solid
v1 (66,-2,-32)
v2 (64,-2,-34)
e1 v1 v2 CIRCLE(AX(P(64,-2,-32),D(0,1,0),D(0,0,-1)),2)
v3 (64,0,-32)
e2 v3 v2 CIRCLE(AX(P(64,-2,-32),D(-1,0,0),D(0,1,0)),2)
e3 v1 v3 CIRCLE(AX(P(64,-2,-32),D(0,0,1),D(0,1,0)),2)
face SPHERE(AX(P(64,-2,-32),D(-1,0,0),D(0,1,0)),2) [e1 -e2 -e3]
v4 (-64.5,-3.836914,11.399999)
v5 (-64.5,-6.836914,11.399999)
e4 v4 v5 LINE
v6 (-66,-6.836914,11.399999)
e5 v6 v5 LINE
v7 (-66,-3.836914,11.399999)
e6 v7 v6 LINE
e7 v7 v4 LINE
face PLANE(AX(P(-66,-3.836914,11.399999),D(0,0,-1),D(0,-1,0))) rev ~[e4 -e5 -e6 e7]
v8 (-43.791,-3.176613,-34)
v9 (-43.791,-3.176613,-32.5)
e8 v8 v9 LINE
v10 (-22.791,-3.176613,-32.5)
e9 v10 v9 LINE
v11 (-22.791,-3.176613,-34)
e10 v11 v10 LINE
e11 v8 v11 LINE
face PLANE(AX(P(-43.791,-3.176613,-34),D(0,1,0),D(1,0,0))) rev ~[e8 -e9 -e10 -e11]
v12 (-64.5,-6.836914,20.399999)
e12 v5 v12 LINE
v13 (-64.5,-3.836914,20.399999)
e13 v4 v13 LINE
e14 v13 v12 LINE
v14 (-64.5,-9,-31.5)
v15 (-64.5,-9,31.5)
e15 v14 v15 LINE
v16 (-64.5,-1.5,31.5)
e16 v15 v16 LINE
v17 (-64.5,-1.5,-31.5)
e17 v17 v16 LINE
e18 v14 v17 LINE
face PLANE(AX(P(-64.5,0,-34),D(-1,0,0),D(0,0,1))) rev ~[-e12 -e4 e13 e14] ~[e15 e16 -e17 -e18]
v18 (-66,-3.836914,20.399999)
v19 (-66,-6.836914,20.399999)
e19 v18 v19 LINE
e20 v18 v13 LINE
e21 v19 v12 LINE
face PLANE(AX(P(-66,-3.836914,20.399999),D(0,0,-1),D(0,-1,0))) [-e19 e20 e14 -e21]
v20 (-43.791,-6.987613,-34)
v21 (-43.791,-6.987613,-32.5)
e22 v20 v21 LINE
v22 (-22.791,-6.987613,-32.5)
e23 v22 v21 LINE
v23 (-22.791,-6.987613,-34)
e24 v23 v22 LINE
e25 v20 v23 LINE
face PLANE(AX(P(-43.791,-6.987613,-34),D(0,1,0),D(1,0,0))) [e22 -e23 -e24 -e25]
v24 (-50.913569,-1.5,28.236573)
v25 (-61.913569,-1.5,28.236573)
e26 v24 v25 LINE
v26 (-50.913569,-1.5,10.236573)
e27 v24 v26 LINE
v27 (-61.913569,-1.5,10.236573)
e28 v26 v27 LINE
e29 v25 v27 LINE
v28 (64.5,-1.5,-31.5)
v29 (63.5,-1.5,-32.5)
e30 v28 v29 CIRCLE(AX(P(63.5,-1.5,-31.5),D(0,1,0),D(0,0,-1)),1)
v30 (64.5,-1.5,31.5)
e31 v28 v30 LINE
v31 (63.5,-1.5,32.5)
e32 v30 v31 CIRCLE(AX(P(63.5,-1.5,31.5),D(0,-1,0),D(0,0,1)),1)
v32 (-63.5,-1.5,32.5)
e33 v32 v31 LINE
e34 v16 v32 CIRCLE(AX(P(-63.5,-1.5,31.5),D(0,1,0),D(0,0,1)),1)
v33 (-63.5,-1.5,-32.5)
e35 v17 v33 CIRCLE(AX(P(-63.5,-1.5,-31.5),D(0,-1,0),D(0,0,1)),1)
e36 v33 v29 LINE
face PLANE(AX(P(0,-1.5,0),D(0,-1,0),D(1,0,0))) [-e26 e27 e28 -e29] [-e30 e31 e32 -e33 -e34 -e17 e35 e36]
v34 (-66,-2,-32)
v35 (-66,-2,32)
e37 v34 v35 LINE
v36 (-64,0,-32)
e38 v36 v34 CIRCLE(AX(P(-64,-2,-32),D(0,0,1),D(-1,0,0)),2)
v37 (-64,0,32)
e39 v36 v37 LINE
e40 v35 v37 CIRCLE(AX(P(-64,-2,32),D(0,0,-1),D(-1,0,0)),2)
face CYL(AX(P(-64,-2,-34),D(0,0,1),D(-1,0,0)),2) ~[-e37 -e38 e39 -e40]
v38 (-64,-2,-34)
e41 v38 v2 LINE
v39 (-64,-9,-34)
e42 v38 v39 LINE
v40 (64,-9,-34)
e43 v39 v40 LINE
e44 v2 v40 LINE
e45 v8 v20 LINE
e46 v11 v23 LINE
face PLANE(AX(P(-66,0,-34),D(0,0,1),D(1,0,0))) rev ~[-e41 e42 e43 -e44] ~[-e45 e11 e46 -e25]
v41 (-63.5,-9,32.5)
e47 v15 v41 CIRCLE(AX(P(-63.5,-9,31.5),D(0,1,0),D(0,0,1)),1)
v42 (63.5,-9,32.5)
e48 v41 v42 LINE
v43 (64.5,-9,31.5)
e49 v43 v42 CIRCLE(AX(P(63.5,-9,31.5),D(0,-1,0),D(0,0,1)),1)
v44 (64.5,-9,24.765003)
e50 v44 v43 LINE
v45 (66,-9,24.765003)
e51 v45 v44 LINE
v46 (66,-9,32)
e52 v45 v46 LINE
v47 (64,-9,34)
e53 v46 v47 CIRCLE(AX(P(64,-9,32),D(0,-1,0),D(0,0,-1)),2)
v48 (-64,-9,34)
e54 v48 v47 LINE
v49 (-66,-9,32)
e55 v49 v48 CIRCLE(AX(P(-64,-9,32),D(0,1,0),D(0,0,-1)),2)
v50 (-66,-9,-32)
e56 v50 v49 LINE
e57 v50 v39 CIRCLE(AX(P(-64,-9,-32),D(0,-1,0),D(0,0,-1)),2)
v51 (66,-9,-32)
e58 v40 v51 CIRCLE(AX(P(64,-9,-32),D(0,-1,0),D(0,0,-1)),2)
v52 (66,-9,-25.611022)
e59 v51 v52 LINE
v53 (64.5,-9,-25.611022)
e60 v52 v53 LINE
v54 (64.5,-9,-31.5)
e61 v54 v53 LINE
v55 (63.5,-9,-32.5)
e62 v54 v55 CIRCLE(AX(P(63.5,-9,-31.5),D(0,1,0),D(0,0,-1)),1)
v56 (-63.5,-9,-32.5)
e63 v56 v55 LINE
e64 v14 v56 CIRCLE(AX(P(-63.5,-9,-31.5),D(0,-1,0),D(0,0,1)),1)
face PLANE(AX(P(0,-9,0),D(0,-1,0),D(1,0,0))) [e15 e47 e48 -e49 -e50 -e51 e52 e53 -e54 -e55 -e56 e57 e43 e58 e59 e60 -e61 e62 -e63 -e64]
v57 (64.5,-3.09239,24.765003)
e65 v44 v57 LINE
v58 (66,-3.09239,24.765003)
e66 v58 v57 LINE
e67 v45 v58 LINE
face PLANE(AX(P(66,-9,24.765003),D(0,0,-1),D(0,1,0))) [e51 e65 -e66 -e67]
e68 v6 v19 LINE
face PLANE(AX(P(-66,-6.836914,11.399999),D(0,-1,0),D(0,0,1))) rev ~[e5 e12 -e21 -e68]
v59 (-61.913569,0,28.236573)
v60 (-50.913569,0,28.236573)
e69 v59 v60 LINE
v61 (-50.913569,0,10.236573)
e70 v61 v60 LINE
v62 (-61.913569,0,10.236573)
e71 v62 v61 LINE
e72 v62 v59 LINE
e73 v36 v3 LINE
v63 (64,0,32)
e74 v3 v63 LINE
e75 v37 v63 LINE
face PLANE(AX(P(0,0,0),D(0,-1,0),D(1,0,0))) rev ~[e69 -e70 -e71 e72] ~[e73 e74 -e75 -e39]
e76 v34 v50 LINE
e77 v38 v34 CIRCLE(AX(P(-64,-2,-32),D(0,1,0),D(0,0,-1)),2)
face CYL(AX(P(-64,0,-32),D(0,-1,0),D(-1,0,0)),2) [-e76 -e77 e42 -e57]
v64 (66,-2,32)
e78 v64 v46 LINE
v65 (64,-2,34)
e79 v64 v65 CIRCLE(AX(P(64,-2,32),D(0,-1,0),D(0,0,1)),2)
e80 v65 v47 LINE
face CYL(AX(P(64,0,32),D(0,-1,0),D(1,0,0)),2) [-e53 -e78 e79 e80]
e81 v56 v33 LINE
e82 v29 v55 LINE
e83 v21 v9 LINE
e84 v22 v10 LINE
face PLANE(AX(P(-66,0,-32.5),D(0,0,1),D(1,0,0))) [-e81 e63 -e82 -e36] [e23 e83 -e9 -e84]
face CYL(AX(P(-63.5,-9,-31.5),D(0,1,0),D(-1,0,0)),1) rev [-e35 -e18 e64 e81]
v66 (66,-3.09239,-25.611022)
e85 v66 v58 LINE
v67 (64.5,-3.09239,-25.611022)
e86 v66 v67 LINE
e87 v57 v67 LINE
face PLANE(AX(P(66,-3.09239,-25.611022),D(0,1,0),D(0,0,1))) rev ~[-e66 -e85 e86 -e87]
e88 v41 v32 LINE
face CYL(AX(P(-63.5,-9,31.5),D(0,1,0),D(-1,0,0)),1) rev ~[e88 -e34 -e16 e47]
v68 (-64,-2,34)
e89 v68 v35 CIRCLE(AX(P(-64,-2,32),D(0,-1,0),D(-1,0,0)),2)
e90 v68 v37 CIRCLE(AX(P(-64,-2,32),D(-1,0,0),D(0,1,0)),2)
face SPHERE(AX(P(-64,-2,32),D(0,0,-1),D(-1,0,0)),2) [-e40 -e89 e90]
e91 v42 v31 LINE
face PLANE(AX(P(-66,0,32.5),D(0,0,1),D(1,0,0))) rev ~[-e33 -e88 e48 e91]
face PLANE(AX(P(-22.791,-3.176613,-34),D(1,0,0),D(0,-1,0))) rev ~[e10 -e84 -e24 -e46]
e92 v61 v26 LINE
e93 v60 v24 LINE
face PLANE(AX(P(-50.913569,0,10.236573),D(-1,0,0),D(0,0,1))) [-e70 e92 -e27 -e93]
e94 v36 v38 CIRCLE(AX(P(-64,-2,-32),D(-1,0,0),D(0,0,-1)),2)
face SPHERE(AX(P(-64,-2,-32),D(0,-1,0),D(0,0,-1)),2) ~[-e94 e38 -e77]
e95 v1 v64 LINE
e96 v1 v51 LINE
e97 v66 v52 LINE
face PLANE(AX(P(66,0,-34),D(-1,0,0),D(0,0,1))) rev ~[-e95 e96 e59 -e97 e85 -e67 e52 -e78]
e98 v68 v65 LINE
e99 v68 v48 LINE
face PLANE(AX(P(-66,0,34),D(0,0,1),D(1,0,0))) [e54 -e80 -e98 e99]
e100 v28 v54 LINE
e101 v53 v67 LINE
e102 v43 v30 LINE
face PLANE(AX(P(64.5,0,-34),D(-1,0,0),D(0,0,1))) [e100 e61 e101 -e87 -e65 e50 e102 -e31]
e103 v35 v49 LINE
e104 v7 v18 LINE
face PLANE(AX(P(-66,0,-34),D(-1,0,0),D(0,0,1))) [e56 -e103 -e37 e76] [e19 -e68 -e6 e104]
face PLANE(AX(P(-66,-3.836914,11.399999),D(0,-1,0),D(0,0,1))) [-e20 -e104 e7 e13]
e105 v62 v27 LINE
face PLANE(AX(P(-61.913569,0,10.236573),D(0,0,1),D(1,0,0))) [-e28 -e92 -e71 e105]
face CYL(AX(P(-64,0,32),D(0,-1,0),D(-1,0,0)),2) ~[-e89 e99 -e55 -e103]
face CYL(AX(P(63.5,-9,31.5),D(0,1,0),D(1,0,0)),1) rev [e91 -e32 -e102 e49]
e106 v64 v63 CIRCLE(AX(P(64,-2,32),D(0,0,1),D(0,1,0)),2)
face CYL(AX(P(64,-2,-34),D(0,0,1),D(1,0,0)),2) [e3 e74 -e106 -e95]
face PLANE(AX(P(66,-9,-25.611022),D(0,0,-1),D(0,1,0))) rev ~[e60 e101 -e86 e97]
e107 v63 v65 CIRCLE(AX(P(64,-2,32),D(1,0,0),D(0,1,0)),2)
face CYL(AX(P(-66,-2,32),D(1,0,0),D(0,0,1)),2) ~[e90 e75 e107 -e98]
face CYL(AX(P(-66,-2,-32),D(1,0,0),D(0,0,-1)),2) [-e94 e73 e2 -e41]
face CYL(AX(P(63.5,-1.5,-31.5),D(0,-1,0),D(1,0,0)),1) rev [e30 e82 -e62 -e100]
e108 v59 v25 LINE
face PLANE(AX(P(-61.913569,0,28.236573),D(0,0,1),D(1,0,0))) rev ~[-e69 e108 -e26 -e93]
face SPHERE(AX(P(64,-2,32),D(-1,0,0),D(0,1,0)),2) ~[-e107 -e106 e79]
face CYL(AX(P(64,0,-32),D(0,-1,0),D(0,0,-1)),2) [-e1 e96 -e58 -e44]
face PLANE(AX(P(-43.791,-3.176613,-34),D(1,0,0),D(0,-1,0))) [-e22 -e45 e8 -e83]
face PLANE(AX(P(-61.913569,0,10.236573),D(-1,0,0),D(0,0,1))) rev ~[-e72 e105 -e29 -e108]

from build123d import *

# Parameters (mm, degrees)
F0_W      = 132
F0_H      = 68
F1_DEPTH  = 9
F2_T      = -1.5
F3_R      = 2
F4_W      = 3
F4_H      = 9
F5_DEPTH  = 25
F6_W      = 21
F6_H      = 3.811
F7_DEPTH  = 25
F8_W      = 11
F8_H      = 18
F9_DEPTH  = 25
F10_W     = 4.2909509502
F10_H     = 50.3760259598
F11_DEPTH = 25
F10_W_2   = 1.6166590303
F12_DEPTH = 5
F13_R     = 1


with BuildPart() as f1:
    # F0 (on Front) → F1 (new body)
    with BuildSketch(Plane.XZ):
        Rectangle(F0_W, F0_H)
    extrude(amount=F1_DEPTH)

    # F2
    f2_openings = [f1.faces().sort_by_distance(p)[0] for p in [
        (0, -9, 0),
    ]]
    offset(amount=F2_T, openings=f2_openings)

    # F3
    f3_edges = [f1.edges().sort_by_distance(p)[0] for p in [
        (-66, -4.5, -34),
        (0, 0, -34),
        (-66, 0, 0),
        (-66, -4.5, 34),
        (0, 0, 34),
        (66, 0, 0),
        (66, -4.5, -34),
        (66, -4.5, 34),
    ]]
    fillet(f3_edges, radius=F3_R)

    # F4 (on face) → F5 (cut)
    with BuildSketch(Plane(origin=(-66, 0, 0), x_dir=(0, -1, 0), z_dir=(-1, 0, 0))):
        with Locations((5.3369137328, 15.8999992609)):
            Rectangle(F4_W, F4_H)
    extrude(amount=-F5_DEPTH, mode=Mode.SUBTRACT)

    # F6 (on face) → F7 (cut)
    with BuildSketch(Plane(origin=(0, 0, -34), x_dir=(1, 0, 0), z_dir=(0, 0, -1))):
        with Locations((-33.2909998, 5.0821127795)):
            Rectangle(F6_W, F6_H)
    extrude(amount=-F7_DEPTH, mode=Mode.SUBTRACT)

    # F8 (on face) → F9 (cut)
    with BuildSketch(Plane.XZ):
        with Locations((-56.4135685265, 19.2365734056)):
            Rectangle(F8_W, F8_H)
    extrude(amount=F9_DEPTH, mode=Mode.SUBTRACT)

    # F10 (on face) → F11 (cut)
    with BuildSketch(Plane.YZ.offset(66)):
        with Locations((-5.2378654946, -0.4230095074)):
            Rectangle(F10_W, F10_H)
    extrude(amount=-F11_DEPTH, mode=Mode.SUBTRACT)

    # F10 (on face) → F12 (cut)
    with BuildSketch(Plane.YZ.offset(66)):
        with Locations((-8.1916704848, -0.4230095074)):
            Rectangle(F10_W_2, F10_H)
    extrude(amount=-F12_DEPTH, mode=Mode.SUBTRACT)

    # F13
    f13_edges = [f1.edges().sort_by_distance(p)[0] for p in [
        (-64.5, -5.25, 32.5),
        (-64.5, -5.25, -32.5),
        (64.5, -5.25, 32.5),
        (64.5, -5.25, -32.5),
    ]]
    fillet(f13_edges, radius=F13_R)


solid = f1.part
